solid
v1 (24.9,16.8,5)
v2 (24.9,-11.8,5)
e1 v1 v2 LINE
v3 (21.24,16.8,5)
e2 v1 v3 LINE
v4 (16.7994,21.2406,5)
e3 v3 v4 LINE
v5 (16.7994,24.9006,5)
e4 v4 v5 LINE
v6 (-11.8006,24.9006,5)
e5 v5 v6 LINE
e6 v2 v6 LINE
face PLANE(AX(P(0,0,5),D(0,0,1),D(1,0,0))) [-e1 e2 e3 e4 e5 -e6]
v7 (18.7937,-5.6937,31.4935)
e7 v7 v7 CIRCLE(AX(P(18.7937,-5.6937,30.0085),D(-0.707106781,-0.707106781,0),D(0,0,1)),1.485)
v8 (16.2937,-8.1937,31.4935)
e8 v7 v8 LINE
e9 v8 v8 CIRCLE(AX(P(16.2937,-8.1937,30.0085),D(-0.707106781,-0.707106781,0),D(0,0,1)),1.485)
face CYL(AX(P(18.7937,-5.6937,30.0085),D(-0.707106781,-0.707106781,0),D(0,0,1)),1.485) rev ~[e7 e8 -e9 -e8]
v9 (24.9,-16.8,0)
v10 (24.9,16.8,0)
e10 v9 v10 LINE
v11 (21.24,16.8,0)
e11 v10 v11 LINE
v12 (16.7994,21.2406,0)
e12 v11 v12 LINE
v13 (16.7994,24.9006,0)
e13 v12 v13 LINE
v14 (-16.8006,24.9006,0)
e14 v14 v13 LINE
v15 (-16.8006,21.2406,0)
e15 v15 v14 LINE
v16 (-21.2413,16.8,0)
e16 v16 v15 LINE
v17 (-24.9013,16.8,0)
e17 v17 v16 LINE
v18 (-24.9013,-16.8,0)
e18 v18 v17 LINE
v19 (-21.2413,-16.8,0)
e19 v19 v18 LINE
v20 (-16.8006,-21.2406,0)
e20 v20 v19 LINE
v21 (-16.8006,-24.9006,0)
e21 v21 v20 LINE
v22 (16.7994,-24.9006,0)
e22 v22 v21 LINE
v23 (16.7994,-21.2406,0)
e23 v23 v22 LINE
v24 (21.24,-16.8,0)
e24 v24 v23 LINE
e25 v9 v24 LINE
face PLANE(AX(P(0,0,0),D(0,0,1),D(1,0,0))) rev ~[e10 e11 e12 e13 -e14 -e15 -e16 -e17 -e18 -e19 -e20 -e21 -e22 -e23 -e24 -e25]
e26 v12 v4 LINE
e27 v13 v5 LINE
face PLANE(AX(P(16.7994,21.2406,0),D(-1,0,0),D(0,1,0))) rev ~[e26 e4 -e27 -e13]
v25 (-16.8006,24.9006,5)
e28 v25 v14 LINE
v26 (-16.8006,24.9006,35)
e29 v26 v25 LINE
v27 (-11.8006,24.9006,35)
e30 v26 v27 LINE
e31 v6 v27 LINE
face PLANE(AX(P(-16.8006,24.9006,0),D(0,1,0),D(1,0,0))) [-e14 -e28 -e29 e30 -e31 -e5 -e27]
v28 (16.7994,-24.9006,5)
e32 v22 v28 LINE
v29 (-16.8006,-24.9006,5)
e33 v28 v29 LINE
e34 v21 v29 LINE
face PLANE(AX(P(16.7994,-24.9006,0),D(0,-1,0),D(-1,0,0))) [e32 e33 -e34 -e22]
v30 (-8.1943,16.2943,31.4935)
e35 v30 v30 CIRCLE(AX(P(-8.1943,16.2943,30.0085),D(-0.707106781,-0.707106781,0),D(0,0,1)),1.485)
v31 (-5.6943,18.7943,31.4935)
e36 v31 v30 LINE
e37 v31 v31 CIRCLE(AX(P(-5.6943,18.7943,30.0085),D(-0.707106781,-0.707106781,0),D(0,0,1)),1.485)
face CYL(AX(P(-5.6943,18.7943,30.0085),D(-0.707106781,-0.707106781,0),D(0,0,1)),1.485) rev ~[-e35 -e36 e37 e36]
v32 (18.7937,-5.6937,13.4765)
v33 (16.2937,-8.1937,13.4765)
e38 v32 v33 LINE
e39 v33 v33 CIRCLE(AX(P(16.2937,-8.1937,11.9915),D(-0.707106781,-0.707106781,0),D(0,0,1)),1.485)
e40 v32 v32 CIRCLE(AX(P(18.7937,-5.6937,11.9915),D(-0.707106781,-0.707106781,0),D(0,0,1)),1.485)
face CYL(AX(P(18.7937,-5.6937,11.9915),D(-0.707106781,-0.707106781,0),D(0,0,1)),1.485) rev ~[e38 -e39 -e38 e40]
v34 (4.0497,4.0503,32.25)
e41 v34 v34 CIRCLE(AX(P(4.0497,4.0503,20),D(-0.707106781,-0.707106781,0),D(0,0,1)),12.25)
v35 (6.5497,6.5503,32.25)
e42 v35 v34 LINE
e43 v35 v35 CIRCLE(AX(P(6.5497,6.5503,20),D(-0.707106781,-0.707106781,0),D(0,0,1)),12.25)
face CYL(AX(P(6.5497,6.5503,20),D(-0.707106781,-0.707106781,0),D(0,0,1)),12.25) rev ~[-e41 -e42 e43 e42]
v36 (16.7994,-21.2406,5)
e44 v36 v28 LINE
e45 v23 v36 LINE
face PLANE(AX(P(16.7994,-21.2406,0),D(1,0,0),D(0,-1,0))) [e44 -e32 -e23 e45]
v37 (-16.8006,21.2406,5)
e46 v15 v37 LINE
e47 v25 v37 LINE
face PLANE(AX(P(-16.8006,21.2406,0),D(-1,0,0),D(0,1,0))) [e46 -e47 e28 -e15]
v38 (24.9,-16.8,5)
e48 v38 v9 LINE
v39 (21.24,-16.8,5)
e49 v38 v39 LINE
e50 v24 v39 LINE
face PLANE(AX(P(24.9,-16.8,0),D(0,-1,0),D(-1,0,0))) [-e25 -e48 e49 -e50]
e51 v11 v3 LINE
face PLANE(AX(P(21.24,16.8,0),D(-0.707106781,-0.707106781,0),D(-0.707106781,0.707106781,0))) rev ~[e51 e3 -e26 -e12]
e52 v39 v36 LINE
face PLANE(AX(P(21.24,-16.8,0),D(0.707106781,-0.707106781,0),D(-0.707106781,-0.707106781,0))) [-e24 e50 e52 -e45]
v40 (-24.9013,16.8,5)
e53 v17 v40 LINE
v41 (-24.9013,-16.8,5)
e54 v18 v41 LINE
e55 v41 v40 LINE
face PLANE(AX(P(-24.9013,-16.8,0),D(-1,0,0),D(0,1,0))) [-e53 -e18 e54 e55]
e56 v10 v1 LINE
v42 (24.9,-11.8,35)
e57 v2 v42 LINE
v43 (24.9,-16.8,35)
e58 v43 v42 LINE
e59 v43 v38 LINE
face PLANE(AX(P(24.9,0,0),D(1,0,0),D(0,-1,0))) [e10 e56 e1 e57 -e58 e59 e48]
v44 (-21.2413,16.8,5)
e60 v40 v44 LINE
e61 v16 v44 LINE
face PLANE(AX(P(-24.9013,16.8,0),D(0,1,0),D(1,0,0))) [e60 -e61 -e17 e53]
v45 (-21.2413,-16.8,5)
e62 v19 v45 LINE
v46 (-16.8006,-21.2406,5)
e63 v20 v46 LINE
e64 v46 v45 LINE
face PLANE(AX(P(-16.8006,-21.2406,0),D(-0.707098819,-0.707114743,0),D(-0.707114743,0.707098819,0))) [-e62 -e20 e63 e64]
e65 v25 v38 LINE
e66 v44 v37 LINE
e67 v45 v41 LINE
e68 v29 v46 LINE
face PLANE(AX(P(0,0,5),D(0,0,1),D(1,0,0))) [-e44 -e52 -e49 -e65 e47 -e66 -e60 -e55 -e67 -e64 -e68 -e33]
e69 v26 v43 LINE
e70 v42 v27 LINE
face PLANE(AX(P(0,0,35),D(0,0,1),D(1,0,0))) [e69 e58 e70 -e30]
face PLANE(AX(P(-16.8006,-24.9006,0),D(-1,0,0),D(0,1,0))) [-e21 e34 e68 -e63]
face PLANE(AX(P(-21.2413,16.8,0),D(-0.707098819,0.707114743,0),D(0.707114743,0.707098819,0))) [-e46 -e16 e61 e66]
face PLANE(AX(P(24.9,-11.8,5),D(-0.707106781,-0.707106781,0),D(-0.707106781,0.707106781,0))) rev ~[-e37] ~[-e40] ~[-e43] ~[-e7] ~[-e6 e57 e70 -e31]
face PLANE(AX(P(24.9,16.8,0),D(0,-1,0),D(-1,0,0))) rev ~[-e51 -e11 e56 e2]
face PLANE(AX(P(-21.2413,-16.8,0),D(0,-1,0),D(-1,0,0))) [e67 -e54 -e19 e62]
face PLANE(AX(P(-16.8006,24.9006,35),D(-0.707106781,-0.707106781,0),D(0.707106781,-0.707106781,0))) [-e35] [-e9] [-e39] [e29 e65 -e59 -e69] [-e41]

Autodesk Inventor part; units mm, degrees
ref_plane "YZ Plane" through (0, 0, 0) normal (1, 0, 0) x (0, 1, 0)
ref_plane "XZ Plane" through (0, 0, 0) normal (0, 1, 0) x (-1, 0, 0)
ref_plane "XY Plane" through (0, 0, 0) normal (0, 0, 1) x (1, 0, 0)
sketch "草图1" plane through (0, 0, 0) normal (0, 0, 1) x (1, 0, 0)
  line L0 (24.9, 0) -> (24.9, 16.8)
  line L1 (24.9, 0) -> (41.7, 0) construction
  line L2 (24.9, 16.8) -> (21.24, 16.8)
  line L3 (21.24, 16.8) -> (16.7994, 21.2406)
  line L4 (16.7994, 21.2406) -> (16.7994, 24.9006)
  line L5 (16.7994, 24.9006) -> (-0.0006, 24.9006)
  line L6 (24.9, 0) -> (24.9, -16.8)
  line L7 (24.9, -16.8) -> (21.24, -16.8)
  line L8 (21.24, -16.8) -> (16.7994, -21.2406)
  line L9 (16.7994, -21.2406) -> (16.7994, -24.9006)
  line L10 (16.7994, -24.9006) -> (-0.0006, -24.9006)
  line L11 (-0.0006, -24.9006) -> (-16.8006, -24.9006)
  line L12 (-16.8006, -24.9006) -> (-16.8006, -21.2406)
  line L13 (-16.8006, -21.2406) -> (-21.2413, -16.8)
  line L14 (-21.2413, -16.8) -> (-24.9013, -16.8)
  line L15 (-24.9013, -16.8) -> (-24.9013, 0)
  line L16 (-24.9013, 0) -> (-24.9013, 16.8)
  line L17 (-24.9013, 16.8) -> (-21.2413, 16.8)
  line L18 (-21.2413, 16.8) -> (-16.8006, 21.2406)
  line L19 (-16.8006, 21.2406) -> (-16.8006, 24.9006)
  line L20 (-16.8006, 24.9006) -> (-0.0006, 24.9006)
  point P0 (0, 0)
extrude "拉伸1" add sketch "草图1" along normal blind 5
sketch "草图2" plane through (0, 0, 5) normal (0, 0, 1) x (1, 0, 0)
  point P0 (0, 0)
sketch "草图3" plane through (0, 0, 5) normal (0, 0, 1) x (1, 0, 0)
  line L0 (21.24, -16.8) -> (-16.8006, 21.2406)
  line L1 (-16.8006, 24.9006) -> (-16.8006, 21.2406) projected
  line L2 (-16.8006, 24.9006) -> (-11.8006, 24.9006)
  line L3 (16.7994, 24.9006) -> (-16.8006, 24.9006) projected
  line L4 (21.24, -16.8) -> (24.9, -16.8) projected
  line L5 (24.9, -16.8) -> (24.9, -11.8)
  line L6 (24.9, -16.8) -> (24.9, 16.8) projected
  line L7 (24.9, -11.8) -> (-11.8006, 24.9006)
  point P0 (0, 0)
extrude "拉伸2" add sketch "草图3" along normal blind 30
sketch "草图4" plane through (-11.8006, 24.9006, 5) normal (0.7071, 0.7071, 0) x (-0.7071, 0.7071, 0)
  line L0 (-51.9025, 0) -> (-51.9025, 30) projected
  line L1 (0, 0) -> (0, 30) projected
  line L2 (-51.9025, 30) -> (0, 0) construction
  line L3 (-51.9025, 30) -> (0, 30) projected
  line L4 (0, 30) -> (-51.9025, 0) construction
  point P0 (-25.9517, -5)
  point P1 (-25.9513, 15)
hole "孔1" at (6.5497, 6.5503, 20) direction (-0.7071, -0.7071, 0) diameter 24.5 end through all
sketch "草图5" plane through (-11.8006, 24.9006, 5) normal (0.7071, 0.7071, 0) x (-0.7071, 0.7071, 0)
  line L0 (-51.9025, 0) -> (-51.9025, 30) projected
  line L1 (0, 0) -> (-51.9025, 0) projected
  line L2 (0, 0) -> (0, 30) projected
  point P0 (-25.9517, -5)
  point P1 (-25.9513, 15)
  point P2 (-12.9646, 7.4936)
hole "孔2" at (6.5497, 6.5503, 20) direction (-0.7071, -0.7071, 0) diameter 0.01 end through all
sketch "草图6" plane through (0, 0, 35) normal (0, 0, 1) x (1, 0, 0)
  line L0 (-11.8006, 24.9006) -> (-16.8006, 24.9006) projected
  line L1 (-16.8006, 24.9006) -> (-16.8006, 21.2406) projected
  line L2 (-16.8006, 24.9006) -> (-16.8006, 21.2406)
  line L3 (21.24, -16.8) -> (-16.8006, 21.2406) projected
  line L4 (-16.8006, 21.2406) -> (21.24, -16.8)
  line L5 (24.9, -16.8) -> (24.9, 16.8) projected
  line L6 (-16.8006, 24.9006) -> (24.9, -16.8)
  line L7 (24.9, -16.8) -> (21.24, -16.8)
  point P0 (0, 0)
extrude "拉伸3" cut sketch "草图6" against normal blind 30
sketch "草图7" plane through (-11.8006, 24.9006, 5) normal (0.7071, 0.7071, 0) x (-0.7071, 0.7071, 0)
  line L0 (-51.9025, 0) -> (-51.9025, 30) projected
  line L1 (0, 0) -> (0, 30) projected
  line L2 (-51.9025, 30) -> (0, 0)
  line L3 (-51.9025, 0) -> (0, 30)
  line L4 (-25.9513, 15) -> (-43.2669, 25.0085)
  line L5 (-25.9513, 15) -> (-7.1239, 25.8823)
  line L6 (-25.9513, 15) -> (-8.6357, 25.0085)
  line L7 (-25.9513, 15) -> (-41.7093, 5.8917)
  line L8 (-25.9513, 15) -> (-43.2669, 4.9915)
  point P0 (-25.9517, -5)
hole "孔3" at (18.7937, -5.6937, 30.0085) at (-5.6943, 18.7943, 30.0085) direction (-0.7071, -0.7071, 0) diameter 2.97 end through all
sketch "草图8" plane through (-11.8006, 24.9006, 5) normal (0.7071, 0.7071, 0) x (-0.7071, 0.7071, 0)
  circle A0 centre (-43.2669, 4.9915) radius 1.485 projected
  line L0 (-43.2669, 4.9915) -> (-43.2669, 6.9915)
  point P0 (-25.9517, -5)
  dimension "d43" = 2
hole "孔4" at (18.7937, -5.6937, 11.9915) direction (-0.7071, -0.7071, 0) diameter 2.97 end through all
equation "\"d41\" = Thickness"
equation "\"d49\" = Thickness"
equation "\"BendRadius\" = Thickness"
equation "\"BendReliefWidth\" = Thickness"
equation "\"BendReliefDepth\" = 0.5 * Thickness"
equation "\"CornerReliefSize\" = 4 * Thickness"
equation "\"MinimumRemnant\" = 2 * Thickness"
equation "\"TransitionRadius\" = BendRadius"
equation "\"JacobiRadiusSize\" = BendRadius"
equation "\"GapSize\" = Thickness"
equation "\"Thickness\" = 0.5"
properties part number "可调底座"
